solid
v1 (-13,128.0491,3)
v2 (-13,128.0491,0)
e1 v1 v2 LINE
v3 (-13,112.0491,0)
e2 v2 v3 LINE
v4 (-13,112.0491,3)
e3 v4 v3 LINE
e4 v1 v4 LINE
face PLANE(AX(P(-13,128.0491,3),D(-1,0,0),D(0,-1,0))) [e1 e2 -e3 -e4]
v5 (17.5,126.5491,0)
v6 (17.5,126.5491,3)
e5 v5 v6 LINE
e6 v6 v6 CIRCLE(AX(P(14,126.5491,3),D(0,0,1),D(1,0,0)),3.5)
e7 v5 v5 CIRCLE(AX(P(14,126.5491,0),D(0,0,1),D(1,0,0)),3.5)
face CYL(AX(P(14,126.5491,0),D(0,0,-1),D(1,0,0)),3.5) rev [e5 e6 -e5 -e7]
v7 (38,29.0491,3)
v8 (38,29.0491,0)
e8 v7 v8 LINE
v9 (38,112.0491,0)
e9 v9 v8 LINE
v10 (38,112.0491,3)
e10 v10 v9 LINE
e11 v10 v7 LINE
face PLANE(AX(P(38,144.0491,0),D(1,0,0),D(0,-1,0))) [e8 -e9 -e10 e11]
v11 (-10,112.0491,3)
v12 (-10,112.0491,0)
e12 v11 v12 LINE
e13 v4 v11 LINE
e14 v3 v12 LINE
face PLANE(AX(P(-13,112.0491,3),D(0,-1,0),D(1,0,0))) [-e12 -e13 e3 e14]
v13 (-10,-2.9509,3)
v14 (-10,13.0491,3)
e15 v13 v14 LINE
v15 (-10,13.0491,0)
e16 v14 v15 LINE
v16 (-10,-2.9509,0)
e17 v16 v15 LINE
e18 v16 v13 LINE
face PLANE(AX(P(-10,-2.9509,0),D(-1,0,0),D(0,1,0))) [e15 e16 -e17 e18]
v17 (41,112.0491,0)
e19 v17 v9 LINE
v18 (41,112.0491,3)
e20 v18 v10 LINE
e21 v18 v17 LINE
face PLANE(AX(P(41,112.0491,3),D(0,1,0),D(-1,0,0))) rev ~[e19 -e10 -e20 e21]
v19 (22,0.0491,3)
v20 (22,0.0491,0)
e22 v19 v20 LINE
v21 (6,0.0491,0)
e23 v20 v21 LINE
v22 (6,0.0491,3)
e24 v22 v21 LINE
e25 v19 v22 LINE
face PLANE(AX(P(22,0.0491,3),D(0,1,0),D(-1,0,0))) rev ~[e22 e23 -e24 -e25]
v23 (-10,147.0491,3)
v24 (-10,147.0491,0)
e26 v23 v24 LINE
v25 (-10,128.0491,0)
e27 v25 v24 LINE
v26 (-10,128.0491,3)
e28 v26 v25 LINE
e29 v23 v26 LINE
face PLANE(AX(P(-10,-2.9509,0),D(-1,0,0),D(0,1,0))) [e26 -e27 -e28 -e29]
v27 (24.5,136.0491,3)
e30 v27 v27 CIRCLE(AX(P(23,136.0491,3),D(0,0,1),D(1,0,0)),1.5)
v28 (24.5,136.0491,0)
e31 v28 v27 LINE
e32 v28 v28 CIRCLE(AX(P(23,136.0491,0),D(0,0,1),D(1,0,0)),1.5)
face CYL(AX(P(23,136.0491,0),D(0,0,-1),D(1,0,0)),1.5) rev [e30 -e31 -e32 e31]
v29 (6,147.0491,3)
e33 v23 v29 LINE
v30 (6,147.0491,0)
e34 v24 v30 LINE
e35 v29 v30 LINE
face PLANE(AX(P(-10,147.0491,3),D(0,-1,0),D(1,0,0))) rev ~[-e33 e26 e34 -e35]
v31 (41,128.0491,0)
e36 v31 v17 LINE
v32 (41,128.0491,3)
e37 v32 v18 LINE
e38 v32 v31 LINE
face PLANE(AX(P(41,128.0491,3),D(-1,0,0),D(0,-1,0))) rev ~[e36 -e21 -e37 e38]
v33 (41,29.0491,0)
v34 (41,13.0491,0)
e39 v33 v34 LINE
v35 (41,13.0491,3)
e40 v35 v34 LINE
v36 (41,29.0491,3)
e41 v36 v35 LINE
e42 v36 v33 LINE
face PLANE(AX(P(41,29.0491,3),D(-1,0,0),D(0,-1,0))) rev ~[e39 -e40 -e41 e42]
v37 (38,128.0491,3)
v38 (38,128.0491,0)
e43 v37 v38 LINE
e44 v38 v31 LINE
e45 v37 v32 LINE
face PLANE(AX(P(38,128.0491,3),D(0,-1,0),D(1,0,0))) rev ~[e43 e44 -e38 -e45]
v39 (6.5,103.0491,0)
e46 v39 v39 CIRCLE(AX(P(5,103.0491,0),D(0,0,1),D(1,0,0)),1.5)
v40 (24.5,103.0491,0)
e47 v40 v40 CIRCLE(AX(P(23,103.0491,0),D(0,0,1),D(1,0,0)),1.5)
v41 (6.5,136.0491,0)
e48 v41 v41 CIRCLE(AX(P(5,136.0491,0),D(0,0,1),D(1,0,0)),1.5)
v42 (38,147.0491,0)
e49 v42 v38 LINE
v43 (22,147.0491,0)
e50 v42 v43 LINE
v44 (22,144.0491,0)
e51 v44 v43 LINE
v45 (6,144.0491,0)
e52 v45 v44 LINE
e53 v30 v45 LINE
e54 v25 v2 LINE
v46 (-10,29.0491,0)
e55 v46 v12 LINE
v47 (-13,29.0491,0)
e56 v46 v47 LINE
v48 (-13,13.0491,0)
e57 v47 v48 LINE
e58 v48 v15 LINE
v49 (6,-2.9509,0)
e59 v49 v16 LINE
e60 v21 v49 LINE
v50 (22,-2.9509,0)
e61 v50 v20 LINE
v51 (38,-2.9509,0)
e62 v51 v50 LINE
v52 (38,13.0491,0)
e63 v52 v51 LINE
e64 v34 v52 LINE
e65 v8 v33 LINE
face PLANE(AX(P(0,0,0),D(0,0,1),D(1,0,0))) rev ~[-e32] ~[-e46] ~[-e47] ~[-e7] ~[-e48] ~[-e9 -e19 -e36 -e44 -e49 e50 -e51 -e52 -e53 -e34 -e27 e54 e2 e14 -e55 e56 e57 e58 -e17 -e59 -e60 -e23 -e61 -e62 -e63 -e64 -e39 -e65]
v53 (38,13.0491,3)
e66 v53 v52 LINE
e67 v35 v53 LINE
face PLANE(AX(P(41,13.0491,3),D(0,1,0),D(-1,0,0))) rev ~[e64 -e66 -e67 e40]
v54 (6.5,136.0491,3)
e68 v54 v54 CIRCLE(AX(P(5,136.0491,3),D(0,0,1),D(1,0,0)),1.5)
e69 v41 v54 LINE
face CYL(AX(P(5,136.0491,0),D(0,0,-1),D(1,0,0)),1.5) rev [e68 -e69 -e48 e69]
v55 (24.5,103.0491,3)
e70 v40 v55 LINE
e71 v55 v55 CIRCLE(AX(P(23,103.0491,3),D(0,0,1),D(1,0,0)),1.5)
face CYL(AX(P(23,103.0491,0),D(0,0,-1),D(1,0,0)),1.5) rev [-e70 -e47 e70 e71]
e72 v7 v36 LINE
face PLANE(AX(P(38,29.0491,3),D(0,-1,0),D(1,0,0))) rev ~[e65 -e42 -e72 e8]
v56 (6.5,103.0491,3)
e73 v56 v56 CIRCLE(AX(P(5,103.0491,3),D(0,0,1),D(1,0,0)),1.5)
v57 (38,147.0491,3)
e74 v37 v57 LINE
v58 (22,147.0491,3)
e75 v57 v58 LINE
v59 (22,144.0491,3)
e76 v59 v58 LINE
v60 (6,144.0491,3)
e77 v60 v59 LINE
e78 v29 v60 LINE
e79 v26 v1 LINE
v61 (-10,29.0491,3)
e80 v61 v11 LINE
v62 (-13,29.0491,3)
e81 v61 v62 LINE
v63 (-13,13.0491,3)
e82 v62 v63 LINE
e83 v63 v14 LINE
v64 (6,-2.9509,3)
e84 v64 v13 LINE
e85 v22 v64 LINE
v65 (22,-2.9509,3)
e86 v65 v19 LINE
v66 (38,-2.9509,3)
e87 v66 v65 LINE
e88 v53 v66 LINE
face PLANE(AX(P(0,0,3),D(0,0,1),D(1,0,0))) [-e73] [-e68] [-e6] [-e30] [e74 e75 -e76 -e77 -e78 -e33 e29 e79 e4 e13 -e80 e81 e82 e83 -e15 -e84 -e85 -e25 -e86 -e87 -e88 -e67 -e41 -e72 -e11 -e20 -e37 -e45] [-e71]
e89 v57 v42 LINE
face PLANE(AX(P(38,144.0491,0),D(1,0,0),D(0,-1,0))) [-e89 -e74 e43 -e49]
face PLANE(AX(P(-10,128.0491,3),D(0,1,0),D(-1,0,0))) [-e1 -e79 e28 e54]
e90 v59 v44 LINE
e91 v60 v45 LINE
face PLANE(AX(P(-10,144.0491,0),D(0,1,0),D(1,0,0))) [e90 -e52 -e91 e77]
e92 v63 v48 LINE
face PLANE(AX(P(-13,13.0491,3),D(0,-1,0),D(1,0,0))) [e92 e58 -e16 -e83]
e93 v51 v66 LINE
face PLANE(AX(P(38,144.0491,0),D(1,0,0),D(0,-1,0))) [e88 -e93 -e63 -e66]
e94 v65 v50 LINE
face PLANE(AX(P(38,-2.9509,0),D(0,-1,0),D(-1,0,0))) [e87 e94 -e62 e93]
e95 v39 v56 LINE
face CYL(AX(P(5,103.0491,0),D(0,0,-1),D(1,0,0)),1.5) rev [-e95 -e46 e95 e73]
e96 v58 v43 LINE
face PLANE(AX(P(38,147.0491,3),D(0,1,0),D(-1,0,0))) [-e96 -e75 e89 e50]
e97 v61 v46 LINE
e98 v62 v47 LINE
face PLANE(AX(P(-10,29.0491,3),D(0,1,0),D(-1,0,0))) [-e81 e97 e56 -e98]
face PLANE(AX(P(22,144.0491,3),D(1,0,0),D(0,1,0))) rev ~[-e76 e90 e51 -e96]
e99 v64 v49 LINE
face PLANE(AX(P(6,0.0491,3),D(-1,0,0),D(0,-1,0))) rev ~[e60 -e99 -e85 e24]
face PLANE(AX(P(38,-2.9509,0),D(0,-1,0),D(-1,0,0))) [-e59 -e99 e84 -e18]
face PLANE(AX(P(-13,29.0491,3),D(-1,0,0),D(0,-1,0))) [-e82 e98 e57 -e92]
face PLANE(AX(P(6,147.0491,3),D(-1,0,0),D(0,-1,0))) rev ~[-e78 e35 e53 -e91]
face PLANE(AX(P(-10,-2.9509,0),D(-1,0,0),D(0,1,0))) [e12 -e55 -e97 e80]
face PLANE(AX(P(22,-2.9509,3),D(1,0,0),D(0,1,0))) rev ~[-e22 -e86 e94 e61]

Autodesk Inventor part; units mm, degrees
ref_plane "YZ Plane" through (0, 0, 0) normal (1, 0, 0) x (0, 1, 0)
ref_plane "XZ Plane" through (0, 0, 0) normal (0, 1, 0) x (-1, 0, 0)
ref_plane "XY Plane" through (0, 0, 0) normal (0, 0, 1) x (1, 0, 0)
sketch "Sketch1" plane through (0, 0, 0) normal (0, 0, 1) x (1, 0, 0)
  circle A0 centre (23, 103.0491) radius 1.5
  circle A1 centre (5, 103.0491) radius 1.5
  circle A2 centre (23, 136.0491) radius 1.5
  line L0 (-10, 144.0491) -> (38, 144.0491)
  line L1 (38, 144.0491) -> (38, -2.9509)
  line L2 (38, -2.9509) -> (-10, -2.9509)
  line L3 (-10, -2.9509) -> (-10, 144.0491)
  circle A3 centre (5, 136.0491) radius 1.5
  circle A4 centre (14, 126.5491) radius 3.5
  point P0 (0, 0)
  point P1 (14, 22.75)
  dimension "d10" = 3
  dimension "d12" = 3
  dimension "d13" = 3
  dimension "d14" = 3
  dimension "d15" = 33
  dimension "d16" = 18
  dimension "d17" = 18
  dimension "d18" = 33
  dimension "d19" = 15
  dimension "d20" = 8
  dimension "d21" = 15
  dimension "d22" = 147
  dimension "d25" = 7
  dimension "d26" = 9.5
  dimension "d27" = 9
  dimension "d28" = 9
  dimension "d29" = 2.9509
  dimension "d30" = 10
  dimension "d31" = 0
extrude "Extrusion1" add sketch "Sketch1" along normal blind 3
sketch "Sketch2" plane through (0, 0, 3) normal (0, 0, 1) x (1, 0, 0)
  line L0 (-10, 144.0491) -> (-10, -2.9509) projected
  line L1 (38, -2.9509) -> (38, 144.0491) projected
  line L2 (-10, 128.0491) -> (-13, 128.0491)
  line L3 (-13, 128.0491) -> (-13, 112.0491)
  line L4 (-13, 112.0491) -> (-10, 112.0491)
  line L5 (-10, 112.0491) -> (-10, 128.0491)
  line L6 (38, 128.0491) -> (41, 128.0491)
  line L7 (41, 128.0491) -> (41, 112.0491)
  line L8 (41, 112.0491) -> (38, 112.0491)
  line L9 (38, 112.0491) -> (38, 128.0491)
  line L10 (-10, 29.0491) -> (-13, 29.0491)
  line L11 (-13, 29.0491) -> (-13, 13.0491)
  line L12 (-13, 13.0491) -> (-10, 13.0491)
  line L13 (-10, 13.0491) -> (-10, 29.0491)
  line L14 (38, 29.0491) -> (41, 29.0491)
  line L15 (41, 29.0491) -> (41, 13.0491)
  line L16 (41, 13.0491) -> (38, 13.0491)
  line L17 (38, 13.0491) -> (38, 29.0491)
  line L18 (-10, -2.9509) -> (38, -2.9509) projected
  line L19 (38, 144.0491) -> (-10, 144.0491) projected
  line L20 (6, 144.0491) -> (22, 144.0491)
  line L21 (22, 144.0491) -> (22, 147.0491)
  line L22 (22, 147.0491) -> (6, 147.0491)
  line L23 (6, 147.0491) -> (6, 144.0491)
  line L24 (6, 144.0491) -> (-10, 144.0491)
  line L25 (-10, 144.0491) -> (-10, 147.0491)
  line L26 (-10, 147.0491) -> (6, 147.0491)
  line L27 (6, 147.0491) -> (6, 144.0491)
  line L28 (22, 144.0491) -> (38, 144.0491)
  line L29 (38, 144.0491) -> (38, 147.0491)
  line L30 (38, 147.0491) -> (22, 147.0491)
  line L31 (22, 147.0491) -> (22, 144.0491)
  point P0 (0, 0)
  point P1 (-11.5, 13.0491)
  point P2 (-10, 112.0491)
  point P3 (38, 112.0491)
  point P4 (22, 147.0491)
  point P5 (22, 144.0491)
  point P6 (-10, 144.0491)
  point P7 (6, 147.0491)
  dimension "d36" = 3
  dimension "d37" = 3
  dimension "d39" = 16
  dimension "d40" = 16
  dimension "d41" = 16
  dimension "d42" = 0
  dimension "d50" = 16
  dimension "d51" = 16
  dimension "d52" = 3
  dimension "d53" = 3
  dimension "d56" = 16
extrude "Extrusion2" add sketch "Sketch2" against normal blind 3 contours L25 L26 L23 L19 | L0 L4 L3 L2 | L21 L30 L29 L19 | L0 L12 L11 L10 | L6 L7 L8 L1 | L14 L15 L16 L1
sketch "Sketch4" plane through (0, 0, 3) normal (0, 0, 1) x (1, 0, 0)
  line L0 (-10, -2.9509) -> (38, -2.9509) projected
  line L1 (6, -2.9509) -> (22, -2.9509)
  line L2 (22, -2.9509) -> (22, 0.0491)
  line L3 (22, 0.0491) -> (6, 0.0491)
  line L4 (6, 0.0491) -> (6, -2.9509)
  line L5 (22, 144.0491) -> (6, 144.0491) projected
  line L6 (6, 144.0491) -> (6, 147.0491) projected
  point P0 (0, 0)
extrude "Extrusion4" cut sketch "Sketch4" against normal blind 3
equation "\"BendRadius\" = Thickness"
equation "\"BendReliefWidth\" = Thickness"
equation "\"BendReliefDepth\" = 0.5 * Thickness"
equation "\"CornerReliefSize\" = 4 * Thickness"
equation "\"MinimumRemnant\" = 2 * Thickness"
equation "\"TransitionRadius\" = BendRadius"
equation "\"JacobiRadiusSize\" = BendRadius"
equation "\"GapSize\" = Thickness"
equation "\"Thickness\" = 0.5"
properties part number "side plate" material "Hardboard"
